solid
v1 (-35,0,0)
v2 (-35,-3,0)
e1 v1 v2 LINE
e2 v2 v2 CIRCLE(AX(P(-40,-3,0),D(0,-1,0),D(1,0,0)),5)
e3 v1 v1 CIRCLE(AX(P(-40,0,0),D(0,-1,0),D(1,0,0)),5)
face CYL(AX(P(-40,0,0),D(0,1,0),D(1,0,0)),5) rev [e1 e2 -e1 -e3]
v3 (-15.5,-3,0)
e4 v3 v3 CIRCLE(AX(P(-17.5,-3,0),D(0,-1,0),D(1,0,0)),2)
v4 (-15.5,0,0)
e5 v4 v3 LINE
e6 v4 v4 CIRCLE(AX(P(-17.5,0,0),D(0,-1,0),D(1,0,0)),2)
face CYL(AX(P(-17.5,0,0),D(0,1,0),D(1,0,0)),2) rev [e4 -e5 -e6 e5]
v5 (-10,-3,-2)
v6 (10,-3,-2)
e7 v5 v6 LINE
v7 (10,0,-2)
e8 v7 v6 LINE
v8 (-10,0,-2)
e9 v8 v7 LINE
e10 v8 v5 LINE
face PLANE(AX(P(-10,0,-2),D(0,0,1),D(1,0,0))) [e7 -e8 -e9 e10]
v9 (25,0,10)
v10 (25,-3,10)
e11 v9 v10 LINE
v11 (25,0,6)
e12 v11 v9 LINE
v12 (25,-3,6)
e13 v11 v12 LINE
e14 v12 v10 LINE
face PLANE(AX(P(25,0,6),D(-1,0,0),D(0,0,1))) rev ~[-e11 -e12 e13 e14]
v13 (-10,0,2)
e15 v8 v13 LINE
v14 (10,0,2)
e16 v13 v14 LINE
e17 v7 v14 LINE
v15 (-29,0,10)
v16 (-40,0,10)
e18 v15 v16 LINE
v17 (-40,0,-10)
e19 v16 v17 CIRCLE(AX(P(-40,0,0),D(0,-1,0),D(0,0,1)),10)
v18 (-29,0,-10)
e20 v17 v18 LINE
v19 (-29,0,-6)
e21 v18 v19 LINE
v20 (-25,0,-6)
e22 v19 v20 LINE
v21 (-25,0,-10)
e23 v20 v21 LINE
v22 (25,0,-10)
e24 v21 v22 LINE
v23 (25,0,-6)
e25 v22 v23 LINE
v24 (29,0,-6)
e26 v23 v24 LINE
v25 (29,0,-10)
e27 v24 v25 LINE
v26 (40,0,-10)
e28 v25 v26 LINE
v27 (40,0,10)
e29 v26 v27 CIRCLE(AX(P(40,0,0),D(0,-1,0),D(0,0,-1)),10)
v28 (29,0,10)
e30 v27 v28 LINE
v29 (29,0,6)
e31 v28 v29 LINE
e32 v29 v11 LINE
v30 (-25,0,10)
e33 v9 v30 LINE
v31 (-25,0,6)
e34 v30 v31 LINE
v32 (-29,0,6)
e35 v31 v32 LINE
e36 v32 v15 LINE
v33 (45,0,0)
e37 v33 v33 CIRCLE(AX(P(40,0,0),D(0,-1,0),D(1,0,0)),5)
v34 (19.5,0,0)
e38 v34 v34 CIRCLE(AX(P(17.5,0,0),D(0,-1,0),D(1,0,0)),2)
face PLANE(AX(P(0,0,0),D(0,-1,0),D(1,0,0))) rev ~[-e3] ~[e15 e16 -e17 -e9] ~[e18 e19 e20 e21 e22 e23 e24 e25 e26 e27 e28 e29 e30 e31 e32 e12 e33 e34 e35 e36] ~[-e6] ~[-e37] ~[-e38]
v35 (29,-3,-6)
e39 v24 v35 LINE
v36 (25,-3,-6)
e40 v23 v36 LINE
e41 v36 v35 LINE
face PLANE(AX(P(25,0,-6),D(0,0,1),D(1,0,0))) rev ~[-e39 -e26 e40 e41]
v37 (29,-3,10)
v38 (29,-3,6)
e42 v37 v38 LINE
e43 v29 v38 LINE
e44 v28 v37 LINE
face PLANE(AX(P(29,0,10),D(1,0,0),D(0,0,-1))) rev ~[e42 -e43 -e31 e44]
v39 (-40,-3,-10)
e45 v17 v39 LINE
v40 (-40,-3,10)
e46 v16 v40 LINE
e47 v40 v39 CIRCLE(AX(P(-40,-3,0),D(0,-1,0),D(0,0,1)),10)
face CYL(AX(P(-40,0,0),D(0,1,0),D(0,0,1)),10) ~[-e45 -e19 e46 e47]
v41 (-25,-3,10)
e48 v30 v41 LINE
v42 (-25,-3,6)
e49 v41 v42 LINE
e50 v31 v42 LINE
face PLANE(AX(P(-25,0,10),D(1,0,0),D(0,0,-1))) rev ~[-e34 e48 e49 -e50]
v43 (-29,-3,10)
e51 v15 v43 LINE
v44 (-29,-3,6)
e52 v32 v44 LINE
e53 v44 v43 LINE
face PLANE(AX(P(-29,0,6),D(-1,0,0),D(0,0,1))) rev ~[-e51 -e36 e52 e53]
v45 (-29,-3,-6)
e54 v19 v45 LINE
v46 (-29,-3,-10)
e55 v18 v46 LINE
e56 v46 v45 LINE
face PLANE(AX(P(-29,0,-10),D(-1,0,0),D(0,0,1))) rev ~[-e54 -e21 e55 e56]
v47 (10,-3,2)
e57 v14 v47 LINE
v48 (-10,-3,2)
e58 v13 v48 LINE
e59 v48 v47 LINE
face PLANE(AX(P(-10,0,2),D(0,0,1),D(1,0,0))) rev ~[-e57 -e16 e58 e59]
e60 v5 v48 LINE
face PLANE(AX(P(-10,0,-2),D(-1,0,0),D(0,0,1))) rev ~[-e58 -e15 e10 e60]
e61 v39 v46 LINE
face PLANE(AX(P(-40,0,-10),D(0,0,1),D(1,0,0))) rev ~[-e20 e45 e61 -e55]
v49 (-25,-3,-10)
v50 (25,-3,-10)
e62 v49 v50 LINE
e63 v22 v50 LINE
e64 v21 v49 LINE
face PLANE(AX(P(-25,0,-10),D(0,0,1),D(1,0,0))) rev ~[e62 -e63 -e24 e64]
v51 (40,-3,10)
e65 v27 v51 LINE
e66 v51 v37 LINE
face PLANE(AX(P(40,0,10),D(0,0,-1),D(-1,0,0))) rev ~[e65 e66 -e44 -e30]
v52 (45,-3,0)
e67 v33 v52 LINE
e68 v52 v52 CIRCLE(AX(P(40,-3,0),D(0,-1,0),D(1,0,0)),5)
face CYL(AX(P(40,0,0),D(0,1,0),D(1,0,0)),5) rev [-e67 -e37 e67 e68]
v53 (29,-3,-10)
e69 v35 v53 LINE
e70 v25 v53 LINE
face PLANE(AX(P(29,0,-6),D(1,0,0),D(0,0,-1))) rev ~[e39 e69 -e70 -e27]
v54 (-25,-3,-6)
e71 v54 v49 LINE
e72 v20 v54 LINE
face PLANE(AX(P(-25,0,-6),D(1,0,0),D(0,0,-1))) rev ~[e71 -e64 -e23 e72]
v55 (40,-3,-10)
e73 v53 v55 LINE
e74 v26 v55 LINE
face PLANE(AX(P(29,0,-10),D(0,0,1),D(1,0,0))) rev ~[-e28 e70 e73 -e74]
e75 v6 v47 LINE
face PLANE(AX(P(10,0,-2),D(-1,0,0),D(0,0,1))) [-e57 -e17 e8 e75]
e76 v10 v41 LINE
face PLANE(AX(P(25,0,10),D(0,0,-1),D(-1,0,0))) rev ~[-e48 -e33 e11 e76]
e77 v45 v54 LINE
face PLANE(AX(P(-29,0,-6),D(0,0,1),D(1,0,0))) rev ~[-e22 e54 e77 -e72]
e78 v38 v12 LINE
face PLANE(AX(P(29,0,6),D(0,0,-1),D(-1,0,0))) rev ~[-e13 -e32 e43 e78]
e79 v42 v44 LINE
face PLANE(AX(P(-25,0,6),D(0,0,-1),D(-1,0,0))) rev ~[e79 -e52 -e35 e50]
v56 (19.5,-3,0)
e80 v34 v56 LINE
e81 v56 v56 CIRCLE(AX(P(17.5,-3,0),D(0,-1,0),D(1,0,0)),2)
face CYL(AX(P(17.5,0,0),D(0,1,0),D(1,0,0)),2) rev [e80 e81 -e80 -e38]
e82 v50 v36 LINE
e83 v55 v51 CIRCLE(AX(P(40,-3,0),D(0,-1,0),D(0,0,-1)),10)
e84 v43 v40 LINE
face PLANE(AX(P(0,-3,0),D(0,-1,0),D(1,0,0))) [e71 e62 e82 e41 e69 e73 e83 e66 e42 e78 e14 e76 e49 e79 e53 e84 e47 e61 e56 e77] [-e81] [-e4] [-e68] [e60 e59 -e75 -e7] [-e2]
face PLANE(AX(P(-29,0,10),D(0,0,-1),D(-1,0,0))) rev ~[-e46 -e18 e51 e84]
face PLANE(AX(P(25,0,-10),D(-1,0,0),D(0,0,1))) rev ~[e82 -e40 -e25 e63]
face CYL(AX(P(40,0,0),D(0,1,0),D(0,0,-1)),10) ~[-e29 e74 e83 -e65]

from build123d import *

# Parameters (mm, degrees)
F0_R     = 5
F0_R_2   = 2
F0_W     = 20
F0_H     = 4
F1_DEPTH = 3


with BuildPart() as f1:
    # F0 (on Front) → F1 (new body)
    with BuildSketch(Plane.XZ):
        with BuildLine():
            Line((-29, 10), (-40, 10))
            ThreePointArc((-40, 10), (-50, 0), (-40, -10))
            Line((-40, -10), (-29, -10))
            Line((-29, -10), (-29, -6))
            Line((-29, -6), (-25, -6))
            Line((-25, -6), (-25, -10))
            Line((-25, -10), (25, -10))
            Line((25, -10), (25, -6))
            Line((25, -6), (29, -6))
            Line((29, -6), (29, -10))
            Line((29, -10), (40, -10))
            ThreePointArc((40, -10), (50, 0), (40, 10))
            Line((40, 10), (29, 10))
            Line((29, 10), (29, 6))
            Line((29, 6), (25, 6))
            Line((25, 6), (25, 10))
            Line((25, 10), (-25, 10))
            Line((-25, 10), (-25, 6))
            Line((-25, 6), (-29, 6))
            Line((-29, 6), (-29, 10))
        make_face()
        with Locations((-40, 0)):
            Circle(F0_R, mode=Mode.SUBTRACT)
        with Locations((-17.5, 0)):
            Circle(F0_R_2, mode=Mode.SUBTRACT)
        Rectangle(F0_W, F0_H, mode=Mode.SUBTRACT)
        with Locations((17.5, 0)):
            Circle(F0_R_2, mode=Mode.SUBTRACT)
        with Locations((40, 0)):
            Circle(F0_R, mode=Mode.SUBTRACT)
    extrude(amount=F1_DEPTH)


solid = f1.part
